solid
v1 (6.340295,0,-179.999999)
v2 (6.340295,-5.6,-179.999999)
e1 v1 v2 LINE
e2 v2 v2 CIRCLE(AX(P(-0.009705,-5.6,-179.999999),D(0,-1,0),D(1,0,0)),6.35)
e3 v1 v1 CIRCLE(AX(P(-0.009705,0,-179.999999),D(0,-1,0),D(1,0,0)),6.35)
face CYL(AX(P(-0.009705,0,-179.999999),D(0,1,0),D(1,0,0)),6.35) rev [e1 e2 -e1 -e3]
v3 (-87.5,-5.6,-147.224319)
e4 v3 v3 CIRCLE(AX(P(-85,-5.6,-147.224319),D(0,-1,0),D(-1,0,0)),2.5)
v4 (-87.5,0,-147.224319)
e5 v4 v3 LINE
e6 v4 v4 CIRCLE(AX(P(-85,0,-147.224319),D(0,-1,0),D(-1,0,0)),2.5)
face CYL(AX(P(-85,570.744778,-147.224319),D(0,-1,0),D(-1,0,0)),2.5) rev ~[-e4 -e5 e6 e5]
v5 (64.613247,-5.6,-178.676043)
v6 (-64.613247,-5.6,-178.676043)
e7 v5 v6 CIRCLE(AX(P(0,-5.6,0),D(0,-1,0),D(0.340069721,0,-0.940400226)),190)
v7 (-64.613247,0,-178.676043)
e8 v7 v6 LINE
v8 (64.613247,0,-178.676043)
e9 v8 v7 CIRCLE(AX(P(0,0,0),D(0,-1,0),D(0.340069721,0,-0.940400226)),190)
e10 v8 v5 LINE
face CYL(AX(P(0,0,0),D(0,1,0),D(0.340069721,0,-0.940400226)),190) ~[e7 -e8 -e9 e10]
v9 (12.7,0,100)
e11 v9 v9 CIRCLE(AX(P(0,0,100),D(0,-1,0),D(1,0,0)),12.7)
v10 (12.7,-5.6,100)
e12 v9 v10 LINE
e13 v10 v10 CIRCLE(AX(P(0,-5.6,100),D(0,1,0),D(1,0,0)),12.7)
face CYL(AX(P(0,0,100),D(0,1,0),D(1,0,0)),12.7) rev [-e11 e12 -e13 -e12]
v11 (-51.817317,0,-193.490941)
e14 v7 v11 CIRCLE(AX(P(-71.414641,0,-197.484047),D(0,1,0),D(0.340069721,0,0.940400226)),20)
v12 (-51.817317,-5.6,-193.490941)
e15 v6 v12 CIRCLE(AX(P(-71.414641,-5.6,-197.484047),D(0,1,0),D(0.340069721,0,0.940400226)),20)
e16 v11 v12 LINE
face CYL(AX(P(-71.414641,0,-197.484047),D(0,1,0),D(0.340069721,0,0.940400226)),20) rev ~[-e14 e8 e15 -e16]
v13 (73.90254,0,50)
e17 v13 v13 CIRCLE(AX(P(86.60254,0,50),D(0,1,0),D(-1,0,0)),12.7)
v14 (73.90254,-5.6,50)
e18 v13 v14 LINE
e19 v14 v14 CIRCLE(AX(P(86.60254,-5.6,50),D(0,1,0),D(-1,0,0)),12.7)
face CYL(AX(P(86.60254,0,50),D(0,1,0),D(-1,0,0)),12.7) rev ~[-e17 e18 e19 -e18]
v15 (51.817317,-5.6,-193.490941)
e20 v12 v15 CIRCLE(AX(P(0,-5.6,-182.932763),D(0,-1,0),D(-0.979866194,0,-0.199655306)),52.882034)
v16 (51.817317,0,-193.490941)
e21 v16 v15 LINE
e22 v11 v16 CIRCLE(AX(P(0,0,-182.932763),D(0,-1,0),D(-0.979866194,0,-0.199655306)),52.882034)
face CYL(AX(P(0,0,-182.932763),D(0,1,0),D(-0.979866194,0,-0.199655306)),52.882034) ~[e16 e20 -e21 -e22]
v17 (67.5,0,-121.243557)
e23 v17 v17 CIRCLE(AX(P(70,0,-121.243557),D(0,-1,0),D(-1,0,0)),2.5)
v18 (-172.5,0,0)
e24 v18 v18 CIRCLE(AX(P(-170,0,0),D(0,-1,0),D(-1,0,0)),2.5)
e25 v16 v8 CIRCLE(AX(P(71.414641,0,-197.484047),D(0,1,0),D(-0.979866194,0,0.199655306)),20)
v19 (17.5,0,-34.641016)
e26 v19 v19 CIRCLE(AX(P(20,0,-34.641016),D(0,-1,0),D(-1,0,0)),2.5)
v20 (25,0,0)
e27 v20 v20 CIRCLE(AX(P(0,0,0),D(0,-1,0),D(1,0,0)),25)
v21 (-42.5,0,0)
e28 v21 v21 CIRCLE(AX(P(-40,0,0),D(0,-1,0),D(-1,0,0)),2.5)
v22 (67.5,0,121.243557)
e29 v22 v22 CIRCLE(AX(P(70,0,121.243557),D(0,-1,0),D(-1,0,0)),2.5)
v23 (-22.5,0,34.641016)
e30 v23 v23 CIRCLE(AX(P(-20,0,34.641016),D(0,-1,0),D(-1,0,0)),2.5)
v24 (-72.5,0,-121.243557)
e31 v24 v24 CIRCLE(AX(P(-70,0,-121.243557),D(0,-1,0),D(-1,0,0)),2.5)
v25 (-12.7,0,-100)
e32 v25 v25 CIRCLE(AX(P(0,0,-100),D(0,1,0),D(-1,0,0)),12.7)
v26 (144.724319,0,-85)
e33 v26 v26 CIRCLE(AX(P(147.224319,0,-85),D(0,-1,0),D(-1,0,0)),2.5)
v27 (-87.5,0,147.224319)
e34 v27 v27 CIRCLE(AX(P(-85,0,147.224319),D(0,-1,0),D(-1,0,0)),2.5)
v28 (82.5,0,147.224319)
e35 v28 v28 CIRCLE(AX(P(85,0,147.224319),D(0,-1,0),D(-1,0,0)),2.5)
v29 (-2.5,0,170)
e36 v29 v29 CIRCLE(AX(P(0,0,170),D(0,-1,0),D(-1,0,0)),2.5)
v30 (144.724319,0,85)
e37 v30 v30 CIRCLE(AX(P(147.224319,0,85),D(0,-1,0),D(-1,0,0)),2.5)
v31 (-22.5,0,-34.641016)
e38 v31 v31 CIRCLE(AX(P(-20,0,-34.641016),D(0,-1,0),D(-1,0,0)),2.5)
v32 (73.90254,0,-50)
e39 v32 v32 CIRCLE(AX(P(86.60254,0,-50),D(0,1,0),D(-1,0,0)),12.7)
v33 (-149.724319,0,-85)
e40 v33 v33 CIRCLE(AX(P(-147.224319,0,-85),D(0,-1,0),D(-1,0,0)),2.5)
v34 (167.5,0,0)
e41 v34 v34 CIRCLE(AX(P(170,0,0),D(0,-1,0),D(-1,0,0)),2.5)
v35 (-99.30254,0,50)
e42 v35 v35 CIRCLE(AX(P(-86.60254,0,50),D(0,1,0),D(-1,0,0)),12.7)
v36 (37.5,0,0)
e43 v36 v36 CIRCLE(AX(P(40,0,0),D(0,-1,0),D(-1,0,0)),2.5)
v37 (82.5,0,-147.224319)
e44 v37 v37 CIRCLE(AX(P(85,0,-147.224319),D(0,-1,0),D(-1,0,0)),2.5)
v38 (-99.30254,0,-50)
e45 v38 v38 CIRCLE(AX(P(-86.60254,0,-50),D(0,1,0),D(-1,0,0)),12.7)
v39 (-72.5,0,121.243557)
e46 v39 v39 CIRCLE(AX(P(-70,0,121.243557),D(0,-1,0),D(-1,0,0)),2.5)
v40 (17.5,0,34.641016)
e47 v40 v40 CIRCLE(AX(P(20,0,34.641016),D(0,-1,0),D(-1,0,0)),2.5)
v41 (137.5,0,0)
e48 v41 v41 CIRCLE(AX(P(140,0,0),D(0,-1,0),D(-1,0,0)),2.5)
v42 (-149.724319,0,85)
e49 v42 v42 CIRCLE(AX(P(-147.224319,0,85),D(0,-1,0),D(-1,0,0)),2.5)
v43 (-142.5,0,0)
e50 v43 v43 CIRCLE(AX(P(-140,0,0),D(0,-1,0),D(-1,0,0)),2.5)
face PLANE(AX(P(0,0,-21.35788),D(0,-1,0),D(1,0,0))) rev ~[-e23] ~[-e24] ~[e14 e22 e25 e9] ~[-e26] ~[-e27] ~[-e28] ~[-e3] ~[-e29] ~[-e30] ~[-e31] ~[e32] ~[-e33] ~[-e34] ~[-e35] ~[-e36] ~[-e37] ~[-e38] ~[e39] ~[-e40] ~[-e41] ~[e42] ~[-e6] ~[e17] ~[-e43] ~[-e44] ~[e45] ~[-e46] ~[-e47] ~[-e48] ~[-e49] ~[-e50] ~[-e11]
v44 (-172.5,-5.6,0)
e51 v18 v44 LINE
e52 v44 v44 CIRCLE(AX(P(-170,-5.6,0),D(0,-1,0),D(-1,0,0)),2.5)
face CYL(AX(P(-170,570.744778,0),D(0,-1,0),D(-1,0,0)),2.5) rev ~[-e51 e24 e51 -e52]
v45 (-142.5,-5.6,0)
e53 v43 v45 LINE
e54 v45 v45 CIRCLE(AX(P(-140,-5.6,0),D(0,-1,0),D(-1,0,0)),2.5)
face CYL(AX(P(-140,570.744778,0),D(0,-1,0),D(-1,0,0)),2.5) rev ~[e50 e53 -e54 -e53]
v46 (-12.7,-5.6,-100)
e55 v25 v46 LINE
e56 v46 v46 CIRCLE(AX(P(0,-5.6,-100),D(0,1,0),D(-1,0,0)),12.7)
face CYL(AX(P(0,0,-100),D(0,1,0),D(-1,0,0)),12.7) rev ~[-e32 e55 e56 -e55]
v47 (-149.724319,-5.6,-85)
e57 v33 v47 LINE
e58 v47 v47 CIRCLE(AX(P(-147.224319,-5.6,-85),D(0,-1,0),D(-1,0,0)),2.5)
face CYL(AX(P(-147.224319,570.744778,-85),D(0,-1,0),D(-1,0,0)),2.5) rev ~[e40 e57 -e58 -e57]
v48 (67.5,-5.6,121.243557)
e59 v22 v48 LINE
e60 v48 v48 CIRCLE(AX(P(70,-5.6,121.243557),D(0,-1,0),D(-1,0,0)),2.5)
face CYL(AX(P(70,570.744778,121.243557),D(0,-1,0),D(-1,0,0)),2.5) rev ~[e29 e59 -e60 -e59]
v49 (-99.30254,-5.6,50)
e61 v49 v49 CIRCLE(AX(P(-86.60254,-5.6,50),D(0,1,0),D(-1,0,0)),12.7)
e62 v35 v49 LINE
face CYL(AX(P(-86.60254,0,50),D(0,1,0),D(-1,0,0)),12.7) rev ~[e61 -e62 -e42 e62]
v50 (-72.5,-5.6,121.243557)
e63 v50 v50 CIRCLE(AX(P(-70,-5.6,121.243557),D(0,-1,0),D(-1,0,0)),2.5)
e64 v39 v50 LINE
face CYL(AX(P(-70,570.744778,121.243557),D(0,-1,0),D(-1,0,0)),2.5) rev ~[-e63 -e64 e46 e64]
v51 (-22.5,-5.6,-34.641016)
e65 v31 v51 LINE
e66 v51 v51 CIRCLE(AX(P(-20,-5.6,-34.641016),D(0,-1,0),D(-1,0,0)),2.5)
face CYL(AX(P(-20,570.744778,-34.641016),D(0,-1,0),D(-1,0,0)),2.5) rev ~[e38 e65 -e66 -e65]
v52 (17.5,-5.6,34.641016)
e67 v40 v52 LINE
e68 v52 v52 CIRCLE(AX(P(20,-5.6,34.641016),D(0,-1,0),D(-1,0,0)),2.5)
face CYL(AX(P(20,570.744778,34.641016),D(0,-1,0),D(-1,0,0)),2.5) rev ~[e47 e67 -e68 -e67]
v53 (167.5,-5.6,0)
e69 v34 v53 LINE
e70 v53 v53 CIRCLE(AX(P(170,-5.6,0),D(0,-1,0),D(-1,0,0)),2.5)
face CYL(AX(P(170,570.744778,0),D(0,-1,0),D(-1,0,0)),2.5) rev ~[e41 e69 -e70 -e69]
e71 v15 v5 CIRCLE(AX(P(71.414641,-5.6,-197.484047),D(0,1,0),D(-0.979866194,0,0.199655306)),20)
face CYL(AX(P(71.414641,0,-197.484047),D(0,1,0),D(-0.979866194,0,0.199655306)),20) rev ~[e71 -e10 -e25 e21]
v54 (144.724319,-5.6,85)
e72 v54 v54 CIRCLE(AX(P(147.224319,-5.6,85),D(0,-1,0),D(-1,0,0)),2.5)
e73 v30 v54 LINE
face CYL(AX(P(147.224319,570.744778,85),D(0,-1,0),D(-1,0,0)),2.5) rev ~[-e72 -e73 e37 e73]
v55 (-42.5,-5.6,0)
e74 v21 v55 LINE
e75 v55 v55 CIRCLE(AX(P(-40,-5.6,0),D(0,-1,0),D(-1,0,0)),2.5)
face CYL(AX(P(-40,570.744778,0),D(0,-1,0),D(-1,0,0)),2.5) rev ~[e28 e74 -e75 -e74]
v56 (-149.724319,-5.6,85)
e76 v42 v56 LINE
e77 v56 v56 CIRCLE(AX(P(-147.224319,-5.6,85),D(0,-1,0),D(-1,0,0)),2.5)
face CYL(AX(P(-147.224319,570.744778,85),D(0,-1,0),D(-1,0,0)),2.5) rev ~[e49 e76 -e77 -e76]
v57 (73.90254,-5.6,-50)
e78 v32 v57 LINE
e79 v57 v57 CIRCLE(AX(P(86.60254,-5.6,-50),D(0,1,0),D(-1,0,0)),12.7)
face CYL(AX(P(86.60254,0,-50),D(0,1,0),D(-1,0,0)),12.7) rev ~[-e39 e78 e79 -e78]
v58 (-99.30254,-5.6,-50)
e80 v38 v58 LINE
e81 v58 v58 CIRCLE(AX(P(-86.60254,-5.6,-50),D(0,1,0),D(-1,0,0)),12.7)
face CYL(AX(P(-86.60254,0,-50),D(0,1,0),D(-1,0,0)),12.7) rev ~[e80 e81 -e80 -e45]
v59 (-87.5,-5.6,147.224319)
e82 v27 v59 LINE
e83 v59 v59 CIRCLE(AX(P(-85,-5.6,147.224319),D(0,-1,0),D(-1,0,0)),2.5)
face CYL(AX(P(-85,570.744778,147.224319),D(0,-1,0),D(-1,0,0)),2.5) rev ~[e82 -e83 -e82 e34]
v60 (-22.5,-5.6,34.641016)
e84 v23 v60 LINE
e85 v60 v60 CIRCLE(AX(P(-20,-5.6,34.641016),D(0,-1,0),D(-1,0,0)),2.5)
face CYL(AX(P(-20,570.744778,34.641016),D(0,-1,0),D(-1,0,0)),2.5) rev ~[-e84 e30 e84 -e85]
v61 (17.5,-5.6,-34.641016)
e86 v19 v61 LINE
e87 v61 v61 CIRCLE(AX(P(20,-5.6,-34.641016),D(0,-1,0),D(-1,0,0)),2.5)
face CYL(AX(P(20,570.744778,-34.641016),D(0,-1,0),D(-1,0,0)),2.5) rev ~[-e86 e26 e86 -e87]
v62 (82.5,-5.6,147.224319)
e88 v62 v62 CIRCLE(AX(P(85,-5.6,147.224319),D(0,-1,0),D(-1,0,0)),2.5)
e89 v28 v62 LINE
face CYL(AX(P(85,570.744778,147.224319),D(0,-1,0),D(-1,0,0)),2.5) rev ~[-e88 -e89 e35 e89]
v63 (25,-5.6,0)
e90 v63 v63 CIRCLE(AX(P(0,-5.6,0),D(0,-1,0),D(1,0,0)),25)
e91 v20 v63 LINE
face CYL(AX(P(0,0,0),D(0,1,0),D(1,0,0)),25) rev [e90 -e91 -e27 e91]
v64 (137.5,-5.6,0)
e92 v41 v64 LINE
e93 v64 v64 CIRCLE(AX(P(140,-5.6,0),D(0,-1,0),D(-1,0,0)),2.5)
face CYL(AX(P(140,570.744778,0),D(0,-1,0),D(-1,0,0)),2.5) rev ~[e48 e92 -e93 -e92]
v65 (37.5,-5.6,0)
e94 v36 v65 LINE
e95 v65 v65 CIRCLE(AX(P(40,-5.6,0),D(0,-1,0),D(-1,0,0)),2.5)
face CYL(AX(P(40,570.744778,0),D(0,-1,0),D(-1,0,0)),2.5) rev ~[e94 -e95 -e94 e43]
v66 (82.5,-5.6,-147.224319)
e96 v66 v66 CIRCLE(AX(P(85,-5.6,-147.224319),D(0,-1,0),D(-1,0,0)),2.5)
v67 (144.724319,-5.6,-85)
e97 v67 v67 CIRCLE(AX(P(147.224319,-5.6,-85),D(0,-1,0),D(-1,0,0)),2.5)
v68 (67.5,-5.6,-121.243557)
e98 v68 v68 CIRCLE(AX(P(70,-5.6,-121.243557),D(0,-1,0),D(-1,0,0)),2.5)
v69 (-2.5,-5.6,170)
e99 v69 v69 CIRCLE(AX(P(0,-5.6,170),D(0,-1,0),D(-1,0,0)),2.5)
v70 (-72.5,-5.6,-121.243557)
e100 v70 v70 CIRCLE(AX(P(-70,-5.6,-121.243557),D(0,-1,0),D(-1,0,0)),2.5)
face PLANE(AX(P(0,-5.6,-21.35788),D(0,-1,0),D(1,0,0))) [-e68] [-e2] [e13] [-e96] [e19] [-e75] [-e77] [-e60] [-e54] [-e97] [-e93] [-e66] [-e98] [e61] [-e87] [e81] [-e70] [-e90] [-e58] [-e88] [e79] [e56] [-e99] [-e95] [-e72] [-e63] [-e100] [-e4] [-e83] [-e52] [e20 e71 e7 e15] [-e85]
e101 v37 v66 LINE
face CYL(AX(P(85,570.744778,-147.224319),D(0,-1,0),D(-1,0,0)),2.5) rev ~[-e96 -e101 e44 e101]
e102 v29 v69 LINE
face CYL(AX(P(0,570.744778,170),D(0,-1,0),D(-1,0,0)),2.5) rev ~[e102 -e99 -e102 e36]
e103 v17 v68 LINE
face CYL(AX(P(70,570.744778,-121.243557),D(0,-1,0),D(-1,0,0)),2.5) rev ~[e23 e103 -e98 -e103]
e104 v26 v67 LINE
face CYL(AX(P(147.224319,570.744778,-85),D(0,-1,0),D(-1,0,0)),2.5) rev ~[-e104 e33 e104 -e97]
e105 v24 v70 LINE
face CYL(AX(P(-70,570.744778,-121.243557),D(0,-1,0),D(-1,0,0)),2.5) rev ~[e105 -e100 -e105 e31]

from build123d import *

# Parameters (mm, degrees)
SKETCH1_R             = 25
SKETCH1_R_2           = 12.7
SKETCH1_R_3           = 6.35
BOSS_EXTRUDE1_DEPTH   = 5.6
F_5_0MM_DOWEL_HOLE2_D = 5
F_5_0MM_DOWEL_HOLE3_D = 5
SKETCH10_R            = 12.7
CUT_EXTRUDE1_DEPTH    = 20


with BuildPart() as part:
    # Sketch1 → Boss-Extrude1 (new body)
    with BuildSketch(Plane.XZ):
        with BuildLine():
            ThreePointArc((-51.817317458, -193.490941341), (0, -235.814796706), (51.817317458, -193.490941341))
            ThreePointArc((51.817317458, -193.490941341), (56.278810161, -184.410921807), (64.613246931, -178.676042941))
            ThreePointArc((64.613246931, -178.676042941), (0, 190), (-64.613246931, -178.676042941))
            ThreePointArc((-64.613246931, -178.676042941), (-56.278810161, -184.410921807), (-51.817317458, -193.490941341))
        make_face()
        Circle(SKETCH1_R, mode=Mode.SUBTRACT)
        with Locations((0, 100)):
            Circle(SKETCH1_R_2, mode=Mode.SUBTRACT)
        with Locations((-0.009704669, -179.999999411)):
            Circle(SKETCH1_R_3, mode=Mode.SUBTRACT)
    extrude(amount=BOSS_EXTRUDE1_DEPTH)

    # Ø5.0mm Dowel Hole2 (through all)
    with Locations(Plane(origin=(0, 0, 0), x_dir=(1, 0, 0), z_dir=(0, 1, 0))):
        with Locations((-147.224318643, 85)):
            Hole(F_5_0MM_DOWEL_HOLE2_D / 2)

    # Ø5.0mm Dowel Hole3 (through all)
    with Locations(Plane(origin=(0, 0, 0), x_dir=(1, 0, 0), z_dir=(0, 1, 0))):
        with Locations((-170, 0), (-140, 0), (-147.224318643, 85), (-70, 121.24355653), (-85, 147.224318643), (85, 147.224318643), (70, 121.24355653), (147.224318643, 85), (140, 0), (170, 0), (147.224318643, -85), (70, -121.24355653), (85, -147.224318643), (-85, -147.224318643), (-70, -121.24355653), (-20, -34.641016151), (20, -34.641016151), (40, 0), (-40, 0), (-20, 34.641016151), (20, 34.641016151), (-147.224318643, -85), (0, -170)):
            Hole(F_5_0MM_DOWEL_HOLE3_D / 2)

    # Sketch10 → Cut-Extrude1 (cut)
    with BuildSketch(Plane(origin=(0, 0, 0), x_dir=(-1, 0, 0), z_dir=(0, 1, 0))):
        with Locations((0, 100)):
            Circle(SKETCH10_R)
        with Locations((86.602540378, 50)):
            Circle(SKETCH10_R)
        with Locations((86.602540378, -50)):
            Circle(SKETCH10_R)
        with Locations((0, -100)):
            Circle(SKETCH10_R)
        with Locations((-86.602540378, -50)):
            Circle(SKETCH10_R)
        with Locations((-86.602540378, 50)):
            Circle(SKETCH10_R)
    extrude(amount=-CUT_EXTRUDE1_DEPTH, mode=Mode.SUBTRACT)


solid = part.part
